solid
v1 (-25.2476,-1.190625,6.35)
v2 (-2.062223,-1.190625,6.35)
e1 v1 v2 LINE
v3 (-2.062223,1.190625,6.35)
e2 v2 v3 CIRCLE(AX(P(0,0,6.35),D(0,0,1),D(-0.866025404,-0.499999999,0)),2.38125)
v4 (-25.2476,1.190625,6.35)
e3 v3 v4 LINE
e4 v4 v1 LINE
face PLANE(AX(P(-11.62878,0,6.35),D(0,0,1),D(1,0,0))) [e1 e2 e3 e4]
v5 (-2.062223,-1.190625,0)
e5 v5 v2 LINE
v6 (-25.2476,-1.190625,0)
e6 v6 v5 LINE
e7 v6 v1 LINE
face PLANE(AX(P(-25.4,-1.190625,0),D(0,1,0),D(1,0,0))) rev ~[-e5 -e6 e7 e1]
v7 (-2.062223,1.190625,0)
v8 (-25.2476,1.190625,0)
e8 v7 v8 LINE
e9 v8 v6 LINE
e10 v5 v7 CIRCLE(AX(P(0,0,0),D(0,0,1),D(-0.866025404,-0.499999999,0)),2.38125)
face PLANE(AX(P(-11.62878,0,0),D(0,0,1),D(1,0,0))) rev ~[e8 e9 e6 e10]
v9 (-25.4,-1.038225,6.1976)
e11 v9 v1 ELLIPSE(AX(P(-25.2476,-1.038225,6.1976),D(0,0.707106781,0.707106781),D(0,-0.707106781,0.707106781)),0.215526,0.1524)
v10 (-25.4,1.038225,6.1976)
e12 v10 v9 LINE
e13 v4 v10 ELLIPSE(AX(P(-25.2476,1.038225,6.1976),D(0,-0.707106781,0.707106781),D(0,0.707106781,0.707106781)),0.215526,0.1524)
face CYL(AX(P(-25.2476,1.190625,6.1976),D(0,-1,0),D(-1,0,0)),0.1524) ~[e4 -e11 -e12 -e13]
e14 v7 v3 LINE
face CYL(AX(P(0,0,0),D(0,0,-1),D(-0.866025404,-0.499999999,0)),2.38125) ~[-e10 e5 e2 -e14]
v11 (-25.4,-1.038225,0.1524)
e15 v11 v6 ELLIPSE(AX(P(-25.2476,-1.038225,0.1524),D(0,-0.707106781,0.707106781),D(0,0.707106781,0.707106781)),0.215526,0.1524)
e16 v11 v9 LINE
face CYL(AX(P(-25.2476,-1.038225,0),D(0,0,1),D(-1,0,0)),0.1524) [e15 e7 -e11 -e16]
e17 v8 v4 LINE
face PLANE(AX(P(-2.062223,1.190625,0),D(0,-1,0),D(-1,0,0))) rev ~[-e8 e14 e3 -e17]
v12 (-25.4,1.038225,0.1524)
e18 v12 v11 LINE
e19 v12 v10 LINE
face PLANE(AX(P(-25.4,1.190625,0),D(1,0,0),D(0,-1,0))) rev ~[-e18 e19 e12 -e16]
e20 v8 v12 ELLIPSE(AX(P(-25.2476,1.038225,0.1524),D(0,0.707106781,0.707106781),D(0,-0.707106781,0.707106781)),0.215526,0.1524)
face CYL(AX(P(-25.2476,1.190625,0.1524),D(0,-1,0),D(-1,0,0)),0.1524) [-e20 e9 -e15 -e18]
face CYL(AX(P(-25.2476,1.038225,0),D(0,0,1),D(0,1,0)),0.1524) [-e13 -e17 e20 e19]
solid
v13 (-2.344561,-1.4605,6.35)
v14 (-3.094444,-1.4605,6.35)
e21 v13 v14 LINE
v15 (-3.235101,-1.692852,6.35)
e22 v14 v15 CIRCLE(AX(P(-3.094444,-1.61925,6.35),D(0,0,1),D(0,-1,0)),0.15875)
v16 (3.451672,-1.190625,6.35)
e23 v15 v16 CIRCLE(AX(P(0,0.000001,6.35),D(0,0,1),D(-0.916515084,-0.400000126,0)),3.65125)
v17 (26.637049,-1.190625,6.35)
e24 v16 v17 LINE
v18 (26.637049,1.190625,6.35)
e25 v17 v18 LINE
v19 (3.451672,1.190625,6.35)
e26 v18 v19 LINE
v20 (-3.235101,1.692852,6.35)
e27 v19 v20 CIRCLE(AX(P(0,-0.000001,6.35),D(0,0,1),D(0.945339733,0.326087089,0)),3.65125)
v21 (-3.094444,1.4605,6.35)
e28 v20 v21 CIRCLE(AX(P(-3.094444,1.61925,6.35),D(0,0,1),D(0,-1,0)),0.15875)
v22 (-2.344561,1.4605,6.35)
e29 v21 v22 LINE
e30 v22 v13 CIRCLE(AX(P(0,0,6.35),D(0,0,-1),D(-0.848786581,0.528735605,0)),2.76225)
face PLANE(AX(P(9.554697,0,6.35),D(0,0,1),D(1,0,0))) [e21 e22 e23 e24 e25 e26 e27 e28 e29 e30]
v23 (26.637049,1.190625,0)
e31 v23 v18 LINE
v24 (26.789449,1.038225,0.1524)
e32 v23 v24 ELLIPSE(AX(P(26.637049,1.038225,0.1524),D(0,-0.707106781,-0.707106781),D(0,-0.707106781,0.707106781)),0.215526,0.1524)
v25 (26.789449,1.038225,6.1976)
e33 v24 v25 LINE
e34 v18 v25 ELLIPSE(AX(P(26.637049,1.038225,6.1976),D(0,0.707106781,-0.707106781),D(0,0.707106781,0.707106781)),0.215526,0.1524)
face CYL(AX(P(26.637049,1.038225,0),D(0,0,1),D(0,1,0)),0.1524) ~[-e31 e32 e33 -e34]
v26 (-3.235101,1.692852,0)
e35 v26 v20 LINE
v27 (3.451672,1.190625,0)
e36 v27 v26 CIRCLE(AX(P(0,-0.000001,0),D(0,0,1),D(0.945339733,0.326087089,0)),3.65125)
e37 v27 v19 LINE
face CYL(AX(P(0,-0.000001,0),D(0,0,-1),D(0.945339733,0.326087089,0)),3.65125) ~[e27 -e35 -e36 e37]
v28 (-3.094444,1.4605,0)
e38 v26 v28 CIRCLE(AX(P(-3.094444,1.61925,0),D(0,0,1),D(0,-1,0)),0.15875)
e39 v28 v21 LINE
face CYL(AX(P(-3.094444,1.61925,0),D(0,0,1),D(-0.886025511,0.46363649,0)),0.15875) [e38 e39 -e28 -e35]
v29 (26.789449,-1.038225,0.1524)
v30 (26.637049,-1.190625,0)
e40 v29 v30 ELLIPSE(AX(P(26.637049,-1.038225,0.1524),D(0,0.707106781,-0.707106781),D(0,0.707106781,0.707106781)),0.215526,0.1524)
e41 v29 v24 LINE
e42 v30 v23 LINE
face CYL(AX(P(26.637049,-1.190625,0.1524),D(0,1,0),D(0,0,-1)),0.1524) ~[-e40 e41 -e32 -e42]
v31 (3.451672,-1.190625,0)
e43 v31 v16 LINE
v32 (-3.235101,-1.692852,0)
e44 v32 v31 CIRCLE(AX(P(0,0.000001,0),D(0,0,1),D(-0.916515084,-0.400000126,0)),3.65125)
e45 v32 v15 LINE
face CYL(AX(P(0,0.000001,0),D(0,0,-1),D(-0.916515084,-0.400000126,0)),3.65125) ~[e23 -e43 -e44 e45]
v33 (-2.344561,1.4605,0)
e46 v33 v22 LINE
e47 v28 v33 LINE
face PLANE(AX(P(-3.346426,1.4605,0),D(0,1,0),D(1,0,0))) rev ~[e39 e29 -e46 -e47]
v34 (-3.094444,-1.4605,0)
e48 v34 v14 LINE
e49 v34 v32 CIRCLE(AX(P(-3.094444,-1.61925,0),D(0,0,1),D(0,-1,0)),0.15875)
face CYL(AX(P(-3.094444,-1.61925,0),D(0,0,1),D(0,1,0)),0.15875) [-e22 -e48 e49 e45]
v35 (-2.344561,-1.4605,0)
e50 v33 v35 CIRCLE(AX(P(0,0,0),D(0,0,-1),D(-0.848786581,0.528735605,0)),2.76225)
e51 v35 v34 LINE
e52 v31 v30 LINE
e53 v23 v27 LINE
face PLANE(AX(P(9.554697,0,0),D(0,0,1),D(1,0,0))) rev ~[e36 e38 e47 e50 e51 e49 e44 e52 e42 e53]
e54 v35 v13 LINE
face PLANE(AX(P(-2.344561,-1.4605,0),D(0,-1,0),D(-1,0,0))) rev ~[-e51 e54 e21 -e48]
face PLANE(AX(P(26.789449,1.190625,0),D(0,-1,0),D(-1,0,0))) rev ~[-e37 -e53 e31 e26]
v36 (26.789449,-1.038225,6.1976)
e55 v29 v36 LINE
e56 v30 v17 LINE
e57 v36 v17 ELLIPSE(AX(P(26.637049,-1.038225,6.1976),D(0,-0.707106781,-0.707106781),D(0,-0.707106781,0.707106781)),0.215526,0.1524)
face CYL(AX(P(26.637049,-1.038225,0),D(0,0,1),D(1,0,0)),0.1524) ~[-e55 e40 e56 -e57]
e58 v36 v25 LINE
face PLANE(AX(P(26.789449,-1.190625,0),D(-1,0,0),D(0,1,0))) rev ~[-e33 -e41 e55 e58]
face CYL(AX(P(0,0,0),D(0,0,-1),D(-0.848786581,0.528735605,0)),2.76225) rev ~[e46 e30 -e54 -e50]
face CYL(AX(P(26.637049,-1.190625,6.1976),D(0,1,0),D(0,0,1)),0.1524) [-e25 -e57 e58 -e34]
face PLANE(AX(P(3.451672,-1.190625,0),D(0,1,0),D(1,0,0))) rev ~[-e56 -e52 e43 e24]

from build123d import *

# Parameters (mm, degrees)
F1_DEPTH = 6.35
F2_R     = 0.15875
F3_R     = 0.1524


with BuildPart() as f1:
    # F0 (on Top) → F1 (new body)
    with BuildSketch(Plane.XY):
        with BuildLine():
            Line((-2.062223, 1.190625), (-25.4, 1.190625))
            Line((-25.4, 1.190625), (-25.4, -1.190625))
            Line((-25.4, -1.190625), (-2.062223, -1.190625))
            ThreePointArc((-2.062223, -1.190625), (2.38125, 0), (-2.062223, 1.190625))
        make_face()
        with BuildLine():
            Line((26.789449, -1.190625), (26.789449, 1.190625))
            Line((26.789449, 1.190625), (3.451672, 1.190625))
            ThreePointArc((3.451672, 1.190625), (0.144835, 3.648376), (-3.346426, 1.4605))
            Line((-3.346426, 1.4605), (-2.344561, 1.4605))
            ThreePointArc((-2.344561, 1.4605), (2.76225, 0), (-2.344561, -1.4605))
            Line((-2.344561, -1.4605), (-3.346426, -1.4605))
            ThreePointArc((-3.346426, -1.4605), (0.144835, -3.648376), (3.451672, -1.190625))
            Line((3.451672, -1.190625), (26.789449, -1.190625))
        make_face()
    extrude(amount=F1_DEPTH)

    # F2
    f2_edges = [f1.edges().sort_by_distance(p)[0] for p in [
        (-3.346426, 1.4605, 3.175),
        (-3.346426, -1.4605, 3.175),
    ]]
    fillet(f2_edges, radius=F2_R)

    # F3
    f3_edges = [f1.edges().sort_by_distance(p)[0] for p in [
        (-25.4, 1.190625, 3.175),
        (-25.4, -1.190625, 3.175),
        (-25.4, 0, 0),
        (-25.4, 0, 6.35),
        (26.789449, -1.190625, 3.175),
        (26.789449, 1.190625, 3.175),
        (26.789449, 0, 0),
        (26.789449, 0, 6.35),
    ]]
    fillet(f3_edges, radius=F3_R)


solid = f1.part
